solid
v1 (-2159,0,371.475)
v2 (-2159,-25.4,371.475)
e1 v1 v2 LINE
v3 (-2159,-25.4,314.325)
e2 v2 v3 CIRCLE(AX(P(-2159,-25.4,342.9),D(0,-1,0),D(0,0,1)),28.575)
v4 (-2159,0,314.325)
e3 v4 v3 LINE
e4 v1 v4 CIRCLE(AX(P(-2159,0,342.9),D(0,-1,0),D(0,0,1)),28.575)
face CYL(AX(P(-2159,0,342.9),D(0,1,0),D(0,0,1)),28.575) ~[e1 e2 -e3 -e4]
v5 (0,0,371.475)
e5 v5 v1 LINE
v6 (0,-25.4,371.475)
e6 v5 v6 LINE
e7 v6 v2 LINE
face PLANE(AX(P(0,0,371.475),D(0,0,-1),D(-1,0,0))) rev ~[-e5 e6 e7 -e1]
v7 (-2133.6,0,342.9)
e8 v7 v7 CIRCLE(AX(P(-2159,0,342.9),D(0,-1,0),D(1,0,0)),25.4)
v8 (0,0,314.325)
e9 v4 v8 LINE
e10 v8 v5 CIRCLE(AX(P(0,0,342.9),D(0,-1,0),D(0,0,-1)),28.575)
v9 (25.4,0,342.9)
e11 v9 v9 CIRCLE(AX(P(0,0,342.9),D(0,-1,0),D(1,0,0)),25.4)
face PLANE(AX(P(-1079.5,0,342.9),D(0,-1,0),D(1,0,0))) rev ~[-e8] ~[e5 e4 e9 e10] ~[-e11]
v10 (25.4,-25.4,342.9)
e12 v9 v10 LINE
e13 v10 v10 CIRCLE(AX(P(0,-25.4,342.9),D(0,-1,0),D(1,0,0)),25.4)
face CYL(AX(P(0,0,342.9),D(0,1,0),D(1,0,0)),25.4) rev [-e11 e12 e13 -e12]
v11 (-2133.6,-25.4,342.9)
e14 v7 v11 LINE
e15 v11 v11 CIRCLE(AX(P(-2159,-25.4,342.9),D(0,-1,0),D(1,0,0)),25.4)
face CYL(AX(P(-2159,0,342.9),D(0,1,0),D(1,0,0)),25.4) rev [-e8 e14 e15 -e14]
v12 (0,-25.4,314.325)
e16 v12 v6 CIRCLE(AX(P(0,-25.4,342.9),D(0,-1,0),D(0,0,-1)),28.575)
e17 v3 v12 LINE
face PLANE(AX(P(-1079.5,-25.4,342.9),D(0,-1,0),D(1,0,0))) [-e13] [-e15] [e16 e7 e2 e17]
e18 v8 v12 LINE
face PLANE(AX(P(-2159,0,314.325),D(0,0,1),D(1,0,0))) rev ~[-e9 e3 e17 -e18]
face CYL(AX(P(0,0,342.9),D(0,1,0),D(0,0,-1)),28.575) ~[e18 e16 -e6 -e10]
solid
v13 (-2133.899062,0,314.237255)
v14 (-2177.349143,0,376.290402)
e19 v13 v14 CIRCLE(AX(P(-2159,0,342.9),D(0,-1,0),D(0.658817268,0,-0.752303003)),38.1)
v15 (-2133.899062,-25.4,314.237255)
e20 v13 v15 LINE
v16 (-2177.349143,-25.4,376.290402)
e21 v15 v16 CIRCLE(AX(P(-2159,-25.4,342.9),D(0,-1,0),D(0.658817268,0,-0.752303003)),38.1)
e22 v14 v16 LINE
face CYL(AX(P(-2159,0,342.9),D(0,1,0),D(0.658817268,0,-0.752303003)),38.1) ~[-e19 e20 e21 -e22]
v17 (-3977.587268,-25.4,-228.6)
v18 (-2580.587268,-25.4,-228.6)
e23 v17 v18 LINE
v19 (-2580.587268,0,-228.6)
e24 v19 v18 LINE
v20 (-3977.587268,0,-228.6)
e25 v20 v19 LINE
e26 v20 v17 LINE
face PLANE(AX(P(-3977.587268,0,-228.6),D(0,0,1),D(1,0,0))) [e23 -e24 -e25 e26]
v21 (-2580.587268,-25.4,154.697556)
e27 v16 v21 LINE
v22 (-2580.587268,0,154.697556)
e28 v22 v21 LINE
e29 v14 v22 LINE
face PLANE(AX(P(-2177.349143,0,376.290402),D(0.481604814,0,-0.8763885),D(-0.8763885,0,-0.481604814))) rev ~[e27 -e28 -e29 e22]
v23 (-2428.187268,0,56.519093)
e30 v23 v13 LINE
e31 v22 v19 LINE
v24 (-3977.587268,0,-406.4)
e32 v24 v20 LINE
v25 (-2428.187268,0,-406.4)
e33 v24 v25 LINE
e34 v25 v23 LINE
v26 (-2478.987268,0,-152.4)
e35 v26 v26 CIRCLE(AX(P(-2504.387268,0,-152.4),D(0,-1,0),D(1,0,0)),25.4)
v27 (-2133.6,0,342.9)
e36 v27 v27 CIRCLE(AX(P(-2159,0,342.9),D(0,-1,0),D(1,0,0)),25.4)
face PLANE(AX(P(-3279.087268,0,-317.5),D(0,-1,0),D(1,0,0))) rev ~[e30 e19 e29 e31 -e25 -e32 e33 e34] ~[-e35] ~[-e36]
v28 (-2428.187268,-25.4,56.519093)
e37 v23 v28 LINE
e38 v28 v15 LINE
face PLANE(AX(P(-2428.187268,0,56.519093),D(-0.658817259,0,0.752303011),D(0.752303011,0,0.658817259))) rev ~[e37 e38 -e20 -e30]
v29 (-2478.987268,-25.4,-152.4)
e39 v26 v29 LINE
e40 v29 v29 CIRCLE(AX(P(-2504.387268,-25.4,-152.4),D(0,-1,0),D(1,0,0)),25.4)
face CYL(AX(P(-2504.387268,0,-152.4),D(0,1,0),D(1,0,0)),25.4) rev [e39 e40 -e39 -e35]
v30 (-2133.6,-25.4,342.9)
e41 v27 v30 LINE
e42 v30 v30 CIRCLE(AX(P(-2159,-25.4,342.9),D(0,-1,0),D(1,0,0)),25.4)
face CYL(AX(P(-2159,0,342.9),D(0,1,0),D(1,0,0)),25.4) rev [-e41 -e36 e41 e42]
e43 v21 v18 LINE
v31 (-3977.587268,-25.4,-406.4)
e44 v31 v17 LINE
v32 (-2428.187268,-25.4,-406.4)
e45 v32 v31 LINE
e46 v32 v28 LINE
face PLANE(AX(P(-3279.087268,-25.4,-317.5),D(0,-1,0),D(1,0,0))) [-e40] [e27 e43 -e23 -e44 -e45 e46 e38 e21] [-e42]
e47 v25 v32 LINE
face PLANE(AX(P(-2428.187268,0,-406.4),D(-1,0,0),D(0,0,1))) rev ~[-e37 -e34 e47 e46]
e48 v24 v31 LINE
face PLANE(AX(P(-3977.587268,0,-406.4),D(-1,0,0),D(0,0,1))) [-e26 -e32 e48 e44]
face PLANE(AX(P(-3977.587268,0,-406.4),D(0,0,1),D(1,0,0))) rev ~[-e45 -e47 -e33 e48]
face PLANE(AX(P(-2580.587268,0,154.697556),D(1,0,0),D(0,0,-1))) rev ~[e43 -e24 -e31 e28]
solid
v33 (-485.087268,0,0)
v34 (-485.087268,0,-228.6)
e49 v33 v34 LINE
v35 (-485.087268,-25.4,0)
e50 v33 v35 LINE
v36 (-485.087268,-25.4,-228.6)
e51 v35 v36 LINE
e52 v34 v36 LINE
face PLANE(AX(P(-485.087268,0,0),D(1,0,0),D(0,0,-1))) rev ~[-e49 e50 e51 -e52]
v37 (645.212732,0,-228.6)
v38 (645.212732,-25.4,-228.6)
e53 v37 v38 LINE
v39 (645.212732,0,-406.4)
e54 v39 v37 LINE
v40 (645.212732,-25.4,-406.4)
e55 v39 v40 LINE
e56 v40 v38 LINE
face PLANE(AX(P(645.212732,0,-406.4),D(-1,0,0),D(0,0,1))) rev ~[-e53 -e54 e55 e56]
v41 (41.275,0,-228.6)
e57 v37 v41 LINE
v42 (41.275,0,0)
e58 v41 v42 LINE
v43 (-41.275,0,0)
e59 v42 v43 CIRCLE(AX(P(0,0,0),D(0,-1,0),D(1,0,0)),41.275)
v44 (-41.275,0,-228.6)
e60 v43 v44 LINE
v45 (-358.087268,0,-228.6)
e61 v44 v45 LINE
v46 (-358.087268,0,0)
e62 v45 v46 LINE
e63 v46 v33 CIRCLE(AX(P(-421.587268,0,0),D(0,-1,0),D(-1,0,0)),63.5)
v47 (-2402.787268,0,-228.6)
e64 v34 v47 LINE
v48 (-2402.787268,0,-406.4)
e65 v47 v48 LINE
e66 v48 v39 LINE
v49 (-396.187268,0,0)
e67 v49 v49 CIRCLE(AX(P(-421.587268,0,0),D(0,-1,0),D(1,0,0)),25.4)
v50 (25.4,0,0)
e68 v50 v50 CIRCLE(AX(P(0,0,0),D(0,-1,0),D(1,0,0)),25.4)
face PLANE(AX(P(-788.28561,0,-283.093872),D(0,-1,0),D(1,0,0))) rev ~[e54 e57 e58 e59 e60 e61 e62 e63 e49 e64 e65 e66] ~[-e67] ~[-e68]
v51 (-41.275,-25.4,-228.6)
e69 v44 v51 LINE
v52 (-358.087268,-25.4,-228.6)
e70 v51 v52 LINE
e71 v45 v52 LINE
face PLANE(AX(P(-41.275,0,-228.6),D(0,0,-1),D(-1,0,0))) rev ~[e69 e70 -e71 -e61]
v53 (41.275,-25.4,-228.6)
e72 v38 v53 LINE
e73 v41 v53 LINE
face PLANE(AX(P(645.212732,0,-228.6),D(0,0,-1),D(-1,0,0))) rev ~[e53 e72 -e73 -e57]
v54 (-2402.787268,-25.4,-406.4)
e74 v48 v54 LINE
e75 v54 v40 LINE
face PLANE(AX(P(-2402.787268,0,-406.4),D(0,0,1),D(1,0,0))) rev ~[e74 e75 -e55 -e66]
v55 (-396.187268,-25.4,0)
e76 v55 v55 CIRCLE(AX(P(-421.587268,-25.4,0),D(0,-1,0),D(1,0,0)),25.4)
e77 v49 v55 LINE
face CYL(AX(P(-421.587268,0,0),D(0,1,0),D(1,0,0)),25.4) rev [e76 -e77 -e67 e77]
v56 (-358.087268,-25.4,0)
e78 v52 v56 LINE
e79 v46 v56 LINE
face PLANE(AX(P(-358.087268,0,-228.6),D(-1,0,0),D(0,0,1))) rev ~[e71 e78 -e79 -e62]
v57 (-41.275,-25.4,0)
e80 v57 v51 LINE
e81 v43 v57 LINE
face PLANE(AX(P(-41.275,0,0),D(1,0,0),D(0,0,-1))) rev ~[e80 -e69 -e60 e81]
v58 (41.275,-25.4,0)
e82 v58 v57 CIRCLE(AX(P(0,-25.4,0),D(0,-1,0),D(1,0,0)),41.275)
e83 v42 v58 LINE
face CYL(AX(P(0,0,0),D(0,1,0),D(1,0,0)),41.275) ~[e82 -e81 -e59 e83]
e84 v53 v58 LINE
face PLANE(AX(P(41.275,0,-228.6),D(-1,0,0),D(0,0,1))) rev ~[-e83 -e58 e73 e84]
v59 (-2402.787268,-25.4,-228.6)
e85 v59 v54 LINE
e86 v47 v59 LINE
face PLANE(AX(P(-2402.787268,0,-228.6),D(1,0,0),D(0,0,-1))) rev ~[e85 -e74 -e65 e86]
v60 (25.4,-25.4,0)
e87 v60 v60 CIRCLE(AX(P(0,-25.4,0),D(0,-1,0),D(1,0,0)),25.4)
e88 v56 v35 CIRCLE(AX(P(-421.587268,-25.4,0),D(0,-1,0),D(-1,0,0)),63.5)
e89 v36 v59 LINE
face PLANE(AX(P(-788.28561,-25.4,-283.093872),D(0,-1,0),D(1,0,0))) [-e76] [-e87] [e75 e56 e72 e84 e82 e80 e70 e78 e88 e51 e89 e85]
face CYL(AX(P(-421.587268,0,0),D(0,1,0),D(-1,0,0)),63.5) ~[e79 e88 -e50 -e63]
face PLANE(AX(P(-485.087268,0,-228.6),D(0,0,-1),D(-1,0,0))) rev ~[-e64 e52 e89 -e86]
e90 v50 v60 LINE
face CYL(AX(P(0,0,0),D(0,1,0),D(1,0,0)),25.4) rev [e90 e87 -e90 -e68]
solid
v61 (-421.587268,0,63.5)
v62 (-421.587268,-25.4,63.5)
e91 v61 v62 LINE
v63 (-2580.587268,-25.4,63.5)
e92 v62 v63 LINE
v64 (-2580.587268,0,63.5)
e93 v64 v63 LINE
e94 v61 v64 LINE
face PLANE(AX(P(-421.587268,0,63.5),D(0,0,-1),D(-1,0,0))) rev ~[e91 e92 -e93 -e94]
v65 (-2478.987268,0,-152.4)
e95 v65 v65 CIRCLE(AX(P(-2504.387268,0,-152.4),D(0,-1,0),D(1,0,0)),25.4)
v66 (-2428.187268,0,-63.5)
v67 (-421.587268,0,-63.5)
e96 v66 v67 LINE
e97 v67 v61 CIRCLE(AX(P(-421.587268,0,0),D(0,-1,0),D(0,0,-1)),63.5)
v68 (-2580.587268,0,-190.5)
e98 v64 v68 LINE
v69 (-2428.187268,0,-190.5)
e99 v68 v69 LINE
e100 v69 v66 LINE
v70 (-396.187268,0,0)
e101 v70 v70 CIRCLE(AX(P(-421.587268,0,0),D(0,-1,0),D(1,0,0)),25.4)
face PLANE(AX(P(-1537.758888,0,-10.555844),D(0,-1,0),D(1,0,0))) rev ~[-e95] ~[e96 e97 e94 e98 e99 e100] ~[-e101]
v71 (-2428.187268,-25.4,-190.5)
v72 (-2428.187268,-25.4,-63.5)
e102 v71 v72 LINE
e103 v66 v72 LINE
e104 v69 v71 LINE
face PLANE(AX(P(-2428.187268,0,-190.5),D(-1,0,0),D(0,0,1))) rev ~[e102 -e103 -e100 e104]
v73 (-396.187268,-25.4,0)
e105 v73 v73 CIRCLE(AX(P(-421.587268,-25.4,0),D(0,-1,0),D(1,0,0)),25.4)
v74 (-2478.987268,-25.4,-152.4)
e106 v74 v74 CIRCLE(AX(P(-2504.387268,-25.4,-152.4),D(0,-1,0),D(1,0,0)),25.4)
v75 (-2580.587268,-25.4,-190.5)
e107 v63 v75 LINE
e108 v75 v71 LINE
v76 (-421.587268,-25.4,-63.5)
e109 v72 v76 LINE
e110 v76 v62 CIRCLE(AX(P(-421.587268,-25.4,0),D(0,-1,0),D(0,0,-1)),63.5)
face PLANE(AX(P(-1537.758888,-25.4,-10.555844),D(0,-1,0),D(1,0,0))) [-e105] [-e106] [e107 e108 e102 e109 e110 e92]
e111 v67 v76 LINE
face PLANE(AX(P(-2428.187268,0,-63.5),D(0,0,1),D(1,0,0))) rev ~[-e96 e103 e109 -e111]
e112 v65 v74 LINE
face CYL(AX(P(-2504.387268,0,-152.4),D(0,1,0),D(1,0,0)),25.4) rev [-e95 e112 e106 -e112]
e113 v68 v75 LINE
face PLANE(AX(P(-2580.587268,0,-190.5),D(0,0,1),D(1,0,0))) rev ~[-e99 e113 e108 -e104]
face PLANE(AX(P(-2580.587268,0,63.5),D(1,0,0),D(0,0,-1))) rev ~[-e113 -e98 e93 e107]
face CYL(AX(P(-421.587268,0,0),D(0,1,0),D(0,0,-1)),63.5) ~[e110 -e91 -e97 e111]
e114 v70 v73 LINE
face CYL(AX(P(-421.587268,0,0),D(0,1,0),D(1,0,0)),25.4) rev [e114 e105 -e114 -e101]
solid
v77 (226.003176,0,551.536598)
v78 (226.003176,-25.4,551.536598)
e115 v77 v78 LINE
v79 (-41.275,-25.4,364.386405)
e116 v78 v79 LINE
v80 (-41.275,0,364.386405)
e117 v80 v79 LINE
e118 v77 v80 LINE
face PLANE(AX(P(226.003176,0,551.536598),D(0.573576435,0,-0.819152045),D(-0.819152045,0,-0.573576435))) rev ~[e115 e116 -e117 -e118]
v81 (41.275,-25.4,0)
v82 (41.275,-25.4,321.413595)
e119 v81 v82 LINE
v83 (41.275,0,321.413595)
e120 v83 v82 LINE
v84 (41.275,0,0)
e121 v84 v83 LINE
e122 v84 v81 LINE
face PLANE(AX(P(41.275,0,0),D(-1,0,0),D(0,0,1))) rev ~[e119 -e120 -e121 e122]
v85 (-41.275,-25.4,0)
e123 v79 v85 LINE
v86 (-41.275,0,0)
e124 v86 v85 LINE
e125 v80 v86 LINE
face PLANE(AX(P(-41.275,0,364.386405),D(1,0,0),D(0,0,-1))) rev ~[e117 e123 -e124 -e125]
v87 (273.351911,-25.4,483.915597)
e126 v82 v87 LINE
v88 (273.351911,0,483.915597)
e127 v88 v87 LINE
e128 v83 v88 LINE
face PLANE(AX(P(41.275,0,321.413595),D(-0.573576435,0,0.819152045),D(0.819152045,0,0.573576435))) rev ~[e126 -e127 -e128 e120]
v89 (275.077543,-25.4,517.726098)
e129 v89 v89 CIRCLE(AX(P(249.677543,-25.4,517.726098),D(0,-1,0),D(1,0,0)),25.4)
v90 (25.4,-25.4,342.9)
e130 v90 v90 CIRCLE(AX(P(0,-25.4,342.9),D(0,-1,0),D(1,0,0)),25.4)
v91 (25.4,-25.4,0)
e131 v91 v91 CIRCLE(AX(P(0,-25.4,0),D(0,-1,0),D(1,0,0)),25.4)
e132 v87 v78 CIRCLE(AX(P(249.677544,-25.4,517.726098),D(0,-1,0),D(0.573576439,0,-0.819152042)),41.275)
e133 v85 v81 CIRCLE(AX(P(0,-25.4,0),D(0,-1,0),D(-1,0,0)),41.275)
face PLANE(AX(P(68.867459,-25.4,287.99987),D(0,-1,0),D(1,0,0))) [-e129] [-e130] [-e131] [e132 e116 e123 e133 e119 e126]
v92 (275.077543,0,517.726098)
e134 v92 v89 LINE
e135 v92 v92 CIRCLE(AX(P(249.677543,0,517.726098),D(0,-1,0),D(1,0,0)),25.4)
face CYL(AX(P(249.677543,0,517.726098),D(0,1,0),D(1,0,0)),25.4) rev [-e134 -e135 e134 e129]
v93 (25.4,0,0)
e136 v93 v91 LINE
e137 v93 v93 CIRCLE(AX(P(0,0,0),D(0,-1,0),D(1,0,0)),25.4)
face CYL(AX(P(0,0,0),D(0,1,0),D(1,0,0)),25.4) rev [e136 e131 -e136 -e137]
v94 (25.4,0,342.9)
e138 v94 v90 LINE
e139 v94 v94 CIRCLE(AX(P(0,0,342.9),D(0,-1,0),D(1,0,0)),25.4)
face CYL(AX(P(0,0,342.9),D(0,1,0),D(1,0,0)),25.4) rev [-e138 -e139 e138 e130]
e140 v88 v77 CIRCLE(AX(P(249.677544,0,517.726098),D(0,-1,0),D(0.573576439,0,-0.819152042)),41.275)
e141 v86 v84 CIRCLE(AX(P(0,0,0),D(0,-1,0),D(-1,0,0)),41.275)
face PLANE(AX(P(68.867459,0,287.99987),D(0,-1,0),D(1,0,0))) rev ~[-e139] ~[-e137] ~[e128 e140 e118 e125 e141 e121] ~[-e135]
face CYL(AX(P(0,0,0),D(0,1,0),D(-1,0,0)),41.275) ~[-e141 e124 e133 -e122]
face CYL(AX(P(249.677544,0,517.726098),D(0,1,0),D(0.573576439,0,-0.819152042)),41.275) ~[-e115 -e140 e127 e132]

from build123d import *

# Parameters (mm, degrees)
F1_R      = 25.4
F2_DEPTH  = 25.4
F3_R      = 25.4
F4_DEPTH  = 25.4
F5_R      = 25.4
F6_DEPTH  = 25.4
F7_R      = 25.4
F8_DEPTH  = 25.4
F9_R      = 25.4
F10_DEPTH = 25.4
F11_W     = 1397
F11_H     = 177.8
F12_DEPTH = 25.4


with BuildPart() as f2:
    # F1 (on Front) → F2 (new body)
    with BuildSketch(Plane.XZ):
        with BuildLine():
            Line((-2428.187268, 56.519093), (-2133.899062, 314.237255))
            ThreePointArc((-2133.899062, 314.237255), (-2127.790307, 364.753262), (-2177.349143, 376.290402))
            Line((-2177.349143, 376.290402), (-2580.587268, 154.697556))
            Line((-2580.587268, 154.697556), (-2580.587268, -406.4))
            Line((-2580.587268, -406.4), (-2428.187268, -406.4))
            Line((-2428.187268, -406.4), (-2428.187268, 56.519093))
        make_face()
        with Locations((-2504.387268, -152.4)):
            Circle(F1_R, mode=Mode.SUBTRACT)
        with Locations((-2159, 342.9)):
            Circle(F1_R, mode=Mode.SUBTRACT)
    extrude(amount=F2_DEPTH)

    # F11 (on Front) → F12 (join)
    with BuildSketch(Plane.XZ):
        with Locations((-3279.087268, -317.5)):
            Rectangle(F11_W, F11_H)
    extrude(amount=F12_DEPTH)


with BuildPart() as f4:
    # F3 (on Front) → F4 (new body)
    with BuildSketch(Plane.XZ):
        with BuildLine():
            Line((-2428.187268, -63.5), (-421.587268, -63.5))
            ThreePointArc((-421.587268, -63.5), (-358.087268, 0), (-421.587268, 63.5))
            Line((-421.587268, 63.5), (-2580.587268, 63.5))
            Line((-2580.587268, 63.5), (-2580.587268, -190.5))
            Line((-2580.587268, -190.5), (-2428.187268, -190.5))
            Line((-2428.187268, -190.5), (-2428.187268, -63.5))
        make_face()
        with Locations((-2504.387268, -152.4)):
            Circle(F3_R, mode=Mode.SUBTRACT)
        with Locations((-421.587268, 0)):
            Circle(F3_R, mode=Mode.SUBTRACT)
    extrude(amount=F4_DEPTH)


with BuildPart() as f6:
    # F5 (on Front) → F6 (new body)
    with BuildSketch(Plane.XZ):
        with BuildLine():
            Line((41.275, 321.413595), (273.351911, 483.915597))
            ThreePointArc((273.351911, 483.915597), (283.488044, 541.400465), (226.003176, 551.536598))
            Line((226.003176, 551.536598), (-41.275, 364.386405))
            Line((-41.275, 364.386405), (-41.275, 0))
            ThreePointArc((-41.275, 0), (0, -41.275), (41.275, 0))
            Line((41.275, 0), (41.275, 321.413595))
        make_face()
        Circle(F5_R, mode=Mode.SUBTRACT)
        with Locations((0, 342.9)):
            Circle(F5_R, mode=Mode.SUBTRACT)
        with Locations((249.677543, 517.726098)):
            Circle(F5_R, mode=Mode.SUBTRACT)
    extrude(amount=F6_DEPTH)


with BuildPart() as f8:
    # F7 (on Front) → F8 (new body)
    with BuildSketch(Plane.XZ):
        with BuildLine():
            Line((0, 371.475), (-2159, 371.475))
            ThreePointArc((-2159, 371.475), (-2187.575, 342.9), (-2159, 314.325))
            Line((-2159, 314.325), (0, 314.325))
            ThreePointArc((0, 314.325), (28.575, 342.9), (0, 371.475))
        make_face()
        with Locations((-2159, 342.9)):
            Circle(F7_R, mode=Mode.SUBTRACT)
        with Locations((0, 342.9)):
            Circle(F7_R, mode=Mode.SUBTRACT)
    extrude(amount=F8_DEPTH)


with BuildPart() as f10:
    # F9 (on Front) → F10 (new body)
    with BuildSketch(Plane.XZ):
        with BuildLine():
            Line((-485.087268, -228.6), (-2402.787268, -228.6))
            Line((-2402.787268, -228.6), (-2402.787268, -406.4))
            Line((-2402.787268, -406.4), (645.212732, -406.4))
            Line((645.212732, -406.4), (645.212732, -228.6))
            Line((645.212732, -228.6), (41.275, -228.6))
            Line((41.275, -228.6), (41.275, 0))
            ThreePointArc((41.275, 0), (0, -41.275), (-41.275, 0))
            Line((-41.275, 0), (-41.275, -228.6))
            Line((-41.275, -228.6), (-358.087268, -228.6))
            Line((-358.087268, -228.6), (-358.087268, 0))
            ThreePointArc((-358.087268, 0), (-421.587268, -63.5), (-485.087268, 0))
            Line((-485.087268, 0), (-485.087268, -228.6))
        make_face()
        with BuildLine():
            ThreePointArc((-358.087268, 0), (-421.587268, 63.5), (-485.087268, 0))
            ThreePointArc((-485.087268, 0), (-421.587268, -63.5), (-358.087268, 0))
        make_face()
        with Locations((-421.587268, 0)):
            Circle(F9_R, mode=Mode.SUBTRACT)
        with BuildLine():
            ThreePointArc((-41.275, 0), (0, -41.275), (41.275, 0))
            ThreePointArc((41.275, 0), (0, 41.275), (-41.275, 0))
        make_face()
        Circle(F9_R, mode=Mode.SUBTRACT)
    extrude(amount=F10_DEPTH)


solid = Compound([f2.part, f4.part, f6.part, f8.part, f10.part])
